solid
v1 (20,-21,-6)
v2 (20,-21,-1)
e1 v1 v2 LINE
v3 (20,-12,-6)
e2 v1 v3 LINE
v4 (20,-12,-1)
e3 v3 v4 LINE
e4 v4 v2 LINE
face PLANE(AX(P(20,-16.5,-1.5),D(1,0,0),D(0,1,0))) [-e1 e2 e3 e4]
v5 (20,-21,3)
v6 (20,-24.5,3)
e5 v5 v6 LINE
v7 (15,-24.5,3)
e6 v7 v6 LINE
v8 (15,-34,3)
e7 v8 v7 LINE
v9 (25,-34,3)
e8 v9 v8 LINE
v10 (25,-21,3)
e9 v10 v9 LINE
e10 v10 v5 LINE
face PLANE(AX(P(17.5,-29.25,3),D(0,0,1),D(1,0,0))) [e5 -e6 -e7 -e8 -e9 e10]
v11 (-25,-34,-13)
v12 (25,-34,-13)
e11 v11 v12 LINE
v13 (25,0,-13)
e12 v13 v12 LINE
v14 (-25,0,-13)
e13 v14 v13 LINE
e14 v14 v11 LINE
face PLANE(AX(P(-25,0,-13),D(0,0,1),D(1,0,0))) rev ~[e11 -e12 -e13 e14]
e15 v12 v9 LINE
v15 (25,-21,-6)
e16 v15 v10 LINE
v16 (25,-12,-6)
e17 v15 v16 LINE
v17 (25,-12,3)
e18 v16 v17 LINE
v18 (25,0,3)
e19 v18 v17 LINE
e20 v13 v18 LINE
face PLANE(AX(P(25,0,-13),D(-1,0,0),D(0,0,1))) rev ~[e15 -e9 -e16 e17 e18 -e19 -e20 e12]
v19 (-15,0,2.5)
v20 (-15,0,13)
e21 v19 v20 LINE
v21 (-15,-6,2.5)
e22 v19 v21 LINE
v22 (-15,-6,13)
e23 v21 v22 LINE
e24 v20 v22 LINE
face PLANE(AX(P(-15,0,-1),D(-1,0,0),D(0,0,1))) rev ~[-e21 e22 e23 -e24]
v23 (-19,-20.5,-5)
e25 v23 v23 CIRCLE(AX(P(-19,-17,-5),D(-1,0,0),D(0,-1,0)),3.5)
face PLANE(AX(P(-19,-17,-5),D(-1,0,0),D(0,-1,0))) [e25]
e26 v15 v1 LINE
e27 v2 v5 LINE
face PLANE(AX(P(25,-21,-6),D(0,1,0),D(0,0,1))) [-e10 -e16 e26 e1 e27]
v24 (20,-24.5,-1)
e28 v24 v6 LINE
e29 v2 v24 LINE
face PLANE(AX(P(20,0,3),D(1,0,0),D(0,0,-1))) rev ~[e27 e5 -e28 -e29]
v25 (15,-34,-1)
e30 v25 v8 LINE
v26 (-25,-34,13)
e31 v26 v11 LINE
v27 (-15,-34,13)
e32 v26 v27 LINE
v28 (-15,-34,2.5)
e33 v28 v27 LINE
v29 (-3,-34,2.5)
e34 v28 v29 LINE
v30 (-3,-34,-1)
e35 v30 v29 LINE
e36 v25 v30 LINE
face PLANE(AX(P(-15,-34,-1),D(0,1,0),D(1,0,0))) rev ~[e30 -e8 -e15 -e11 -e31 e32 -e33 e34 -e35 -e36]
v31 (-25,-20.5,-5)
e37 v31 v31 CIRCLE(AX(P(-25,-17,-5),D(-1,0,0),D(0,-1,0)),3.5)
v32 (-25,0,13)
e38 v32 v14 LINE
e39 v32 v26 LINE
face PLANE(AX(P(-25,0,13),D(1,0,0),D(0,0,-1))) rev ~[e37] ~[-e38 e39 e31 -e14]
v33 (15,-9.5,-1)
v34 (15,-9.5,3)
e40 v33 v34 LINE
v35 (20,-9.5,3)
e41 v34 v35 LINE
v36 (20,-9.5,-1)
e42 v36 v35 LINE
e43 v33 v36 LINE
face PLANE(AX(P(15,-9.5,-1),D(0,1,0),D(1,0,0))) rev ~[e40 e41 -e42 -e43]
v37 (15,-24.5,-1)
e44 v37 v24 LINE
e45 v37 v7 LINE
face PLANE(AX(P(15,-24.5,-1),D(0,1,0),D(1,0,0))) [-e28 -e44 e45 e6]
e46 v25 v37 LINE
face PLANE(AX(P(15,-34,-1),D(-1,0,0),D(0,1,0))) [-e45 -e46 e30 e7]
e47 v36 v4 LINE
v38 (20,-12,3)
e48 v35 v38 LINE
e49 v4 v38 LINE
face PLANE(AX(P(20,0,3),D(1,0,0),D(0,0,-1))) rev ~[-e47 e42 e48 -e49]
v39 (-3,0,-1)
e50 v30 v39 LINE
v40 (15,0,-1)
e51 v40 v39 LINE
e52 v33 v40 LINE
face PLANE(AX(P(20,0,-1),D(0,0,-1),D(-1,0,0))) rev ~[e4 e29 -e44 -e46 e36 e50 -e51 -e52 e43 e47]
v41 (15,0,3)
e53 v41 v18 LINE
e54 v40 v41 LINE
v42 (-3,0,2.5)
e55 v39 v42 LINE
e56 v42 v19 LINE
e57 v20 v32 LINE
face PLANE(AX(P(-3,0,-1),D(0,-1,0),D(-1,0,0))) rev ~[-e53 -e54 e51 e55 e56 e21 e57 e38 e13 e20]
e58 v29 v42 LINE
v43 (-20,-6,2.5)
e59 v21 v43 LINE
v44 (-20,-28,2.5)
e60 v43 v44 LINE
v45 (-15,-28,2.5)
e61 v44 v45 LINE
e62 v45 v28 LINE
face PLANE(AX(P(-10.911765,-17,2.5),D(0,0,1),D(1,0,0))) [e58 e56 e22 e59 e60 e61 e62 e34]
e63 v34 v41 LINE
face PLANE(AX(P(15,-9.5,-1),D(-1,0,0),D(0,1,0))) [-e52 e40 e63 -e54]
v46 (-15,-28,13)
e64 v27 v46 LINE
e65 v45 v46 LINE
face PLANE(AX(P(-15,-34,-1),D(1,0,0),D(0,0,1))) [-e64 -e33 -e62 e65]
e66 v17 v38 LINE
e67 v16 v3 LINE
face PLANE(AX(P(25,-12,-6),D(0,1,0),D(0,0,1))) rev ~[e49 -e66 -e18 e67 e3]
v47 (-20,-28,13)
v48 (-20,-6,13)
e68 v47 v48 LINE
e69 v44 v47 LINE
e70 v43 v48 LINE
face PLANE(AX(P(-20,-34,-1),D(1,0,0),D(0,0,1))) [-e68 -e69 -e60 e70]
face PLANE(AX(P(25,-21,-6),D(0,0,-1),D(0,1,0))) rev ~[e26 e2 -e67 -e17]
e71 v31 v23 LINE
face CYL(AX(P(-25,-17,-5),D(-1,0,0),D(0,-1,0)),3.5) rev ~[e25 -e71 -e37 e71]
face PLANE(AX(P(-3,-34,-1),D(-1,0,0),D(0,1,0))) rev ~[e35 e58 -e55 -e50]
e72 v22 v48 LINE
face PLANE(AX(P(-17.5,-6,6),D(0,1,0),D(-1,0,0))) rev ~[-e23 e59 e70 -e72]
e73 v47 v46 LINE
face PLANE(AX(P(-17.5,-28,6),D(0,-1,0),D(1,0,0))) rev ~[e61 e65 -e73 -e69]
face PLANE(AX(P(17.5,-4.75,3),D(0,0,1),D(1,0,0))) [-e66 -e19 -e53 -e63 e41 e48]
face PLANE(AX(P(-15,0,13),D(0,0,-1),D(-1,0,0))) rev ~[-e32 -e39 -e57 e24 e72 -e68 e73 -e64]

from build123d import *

# Parameters (mm, degrees)
F1_DEPTH  = 34
F2_W      = 9
F2_H      = 9
F3_DEPTH  = 5
F4_R      = 3.5
F5_DEPTH  = 6
F6_W      = 5
F6_H      = 9.5
F7_DEPTH  = 4
F8_W      = 20.85
F8_H      = 14
F9_DEPTH  = 34.001
F10_W     = 5
F10_H     = 14
F11_DEPTH = 6
F12_W     = 5
F12_H     = 14
F13_DEPTH = 6
F15_DEPTH = 3.5


with BuildPart() as f1:
    # F0 (on Front) → F1 (new body)
    with BuildSketch(Plane.XZ):
        Polygon((0.85, 13), (-25, 13), (-25, -13), (25, -13), (25, 3), (20, 3), (20, -1), (0.85, -1), align=None)
    extrude(amount=F1_DEPTH)

    # F2 (on face) → F3 (cut, through all)
    with BuildSketch(Plane.YZ.offset(25)):
        with Locations((-16.5, -1.5)):
            Rectangle(F2_W, F2_H)
    extrude(amount=-F3_DEPTH, mode=Mode.SUBTRACT)

    # F4 (on face) → F5 (cut)
    with BuildSketch(Plane(origin=(-25, 0, 0), x_dir=(0, -1, 0), z_dir=(-1, 0, 0))):
        with Locations((17, -5)):
            Circle(F4_R)
    extrude(amount=-F5_DEPTH, mode=Mode.SUBTRACT)

    # F6 (on face) → F7 (join, through all)
    with BuildSketch(Plane.XY.offset(-1)):
        with Locations((17.5, -29.25)):
            Rectangle(F6_W, F6_H)
        with Locations((17.5, -4.75)):
            Rectangle(F6_W, F6_H)
    extrude(amount=F7_DEPTH)

    # F8 (on face) → F9 (cut, through all)
    with BuildSketch(Plane.XZ.offset(34)):
        with Locations((-9.575, 6)):
            Rectangle(F8_W, F8_H)
    extrude(amount=-F9_DEPTH, mode=Mode.SUBTRACT)

    # F10 (on face) → F11 (join)
    with BuildSketch(Plane.XZ.offset(34)):
        with Locations((-17.5, 6)):
            Rectangle(F10_W, F10_H)
    extrude(amount=-F11_DEPTH)

    # F12 (on face) → F13 (join)
    with BuildSketch(Plane(origin=(0, 0, 0), x_dir=(-1, 0, 0), z_dir=(0, 1, 0))):
        with Locations((17.5, 6)):
            Rectangle(F12_W, F12_H)
    extrude(amount=-F13_DEPTH)

    # F14 (on face) → F15 (join)
    with BuildSketch(Plane.XY.offset(-1)):
        Polygon((-3, 0), (-15, 0), (-15, -6), (-20, -6), (-20, -28), (-15, -28), (-15, -34), (-3, -34), align=None)
    extrude(amount=F15_DEPTH)


solid = f1.part
